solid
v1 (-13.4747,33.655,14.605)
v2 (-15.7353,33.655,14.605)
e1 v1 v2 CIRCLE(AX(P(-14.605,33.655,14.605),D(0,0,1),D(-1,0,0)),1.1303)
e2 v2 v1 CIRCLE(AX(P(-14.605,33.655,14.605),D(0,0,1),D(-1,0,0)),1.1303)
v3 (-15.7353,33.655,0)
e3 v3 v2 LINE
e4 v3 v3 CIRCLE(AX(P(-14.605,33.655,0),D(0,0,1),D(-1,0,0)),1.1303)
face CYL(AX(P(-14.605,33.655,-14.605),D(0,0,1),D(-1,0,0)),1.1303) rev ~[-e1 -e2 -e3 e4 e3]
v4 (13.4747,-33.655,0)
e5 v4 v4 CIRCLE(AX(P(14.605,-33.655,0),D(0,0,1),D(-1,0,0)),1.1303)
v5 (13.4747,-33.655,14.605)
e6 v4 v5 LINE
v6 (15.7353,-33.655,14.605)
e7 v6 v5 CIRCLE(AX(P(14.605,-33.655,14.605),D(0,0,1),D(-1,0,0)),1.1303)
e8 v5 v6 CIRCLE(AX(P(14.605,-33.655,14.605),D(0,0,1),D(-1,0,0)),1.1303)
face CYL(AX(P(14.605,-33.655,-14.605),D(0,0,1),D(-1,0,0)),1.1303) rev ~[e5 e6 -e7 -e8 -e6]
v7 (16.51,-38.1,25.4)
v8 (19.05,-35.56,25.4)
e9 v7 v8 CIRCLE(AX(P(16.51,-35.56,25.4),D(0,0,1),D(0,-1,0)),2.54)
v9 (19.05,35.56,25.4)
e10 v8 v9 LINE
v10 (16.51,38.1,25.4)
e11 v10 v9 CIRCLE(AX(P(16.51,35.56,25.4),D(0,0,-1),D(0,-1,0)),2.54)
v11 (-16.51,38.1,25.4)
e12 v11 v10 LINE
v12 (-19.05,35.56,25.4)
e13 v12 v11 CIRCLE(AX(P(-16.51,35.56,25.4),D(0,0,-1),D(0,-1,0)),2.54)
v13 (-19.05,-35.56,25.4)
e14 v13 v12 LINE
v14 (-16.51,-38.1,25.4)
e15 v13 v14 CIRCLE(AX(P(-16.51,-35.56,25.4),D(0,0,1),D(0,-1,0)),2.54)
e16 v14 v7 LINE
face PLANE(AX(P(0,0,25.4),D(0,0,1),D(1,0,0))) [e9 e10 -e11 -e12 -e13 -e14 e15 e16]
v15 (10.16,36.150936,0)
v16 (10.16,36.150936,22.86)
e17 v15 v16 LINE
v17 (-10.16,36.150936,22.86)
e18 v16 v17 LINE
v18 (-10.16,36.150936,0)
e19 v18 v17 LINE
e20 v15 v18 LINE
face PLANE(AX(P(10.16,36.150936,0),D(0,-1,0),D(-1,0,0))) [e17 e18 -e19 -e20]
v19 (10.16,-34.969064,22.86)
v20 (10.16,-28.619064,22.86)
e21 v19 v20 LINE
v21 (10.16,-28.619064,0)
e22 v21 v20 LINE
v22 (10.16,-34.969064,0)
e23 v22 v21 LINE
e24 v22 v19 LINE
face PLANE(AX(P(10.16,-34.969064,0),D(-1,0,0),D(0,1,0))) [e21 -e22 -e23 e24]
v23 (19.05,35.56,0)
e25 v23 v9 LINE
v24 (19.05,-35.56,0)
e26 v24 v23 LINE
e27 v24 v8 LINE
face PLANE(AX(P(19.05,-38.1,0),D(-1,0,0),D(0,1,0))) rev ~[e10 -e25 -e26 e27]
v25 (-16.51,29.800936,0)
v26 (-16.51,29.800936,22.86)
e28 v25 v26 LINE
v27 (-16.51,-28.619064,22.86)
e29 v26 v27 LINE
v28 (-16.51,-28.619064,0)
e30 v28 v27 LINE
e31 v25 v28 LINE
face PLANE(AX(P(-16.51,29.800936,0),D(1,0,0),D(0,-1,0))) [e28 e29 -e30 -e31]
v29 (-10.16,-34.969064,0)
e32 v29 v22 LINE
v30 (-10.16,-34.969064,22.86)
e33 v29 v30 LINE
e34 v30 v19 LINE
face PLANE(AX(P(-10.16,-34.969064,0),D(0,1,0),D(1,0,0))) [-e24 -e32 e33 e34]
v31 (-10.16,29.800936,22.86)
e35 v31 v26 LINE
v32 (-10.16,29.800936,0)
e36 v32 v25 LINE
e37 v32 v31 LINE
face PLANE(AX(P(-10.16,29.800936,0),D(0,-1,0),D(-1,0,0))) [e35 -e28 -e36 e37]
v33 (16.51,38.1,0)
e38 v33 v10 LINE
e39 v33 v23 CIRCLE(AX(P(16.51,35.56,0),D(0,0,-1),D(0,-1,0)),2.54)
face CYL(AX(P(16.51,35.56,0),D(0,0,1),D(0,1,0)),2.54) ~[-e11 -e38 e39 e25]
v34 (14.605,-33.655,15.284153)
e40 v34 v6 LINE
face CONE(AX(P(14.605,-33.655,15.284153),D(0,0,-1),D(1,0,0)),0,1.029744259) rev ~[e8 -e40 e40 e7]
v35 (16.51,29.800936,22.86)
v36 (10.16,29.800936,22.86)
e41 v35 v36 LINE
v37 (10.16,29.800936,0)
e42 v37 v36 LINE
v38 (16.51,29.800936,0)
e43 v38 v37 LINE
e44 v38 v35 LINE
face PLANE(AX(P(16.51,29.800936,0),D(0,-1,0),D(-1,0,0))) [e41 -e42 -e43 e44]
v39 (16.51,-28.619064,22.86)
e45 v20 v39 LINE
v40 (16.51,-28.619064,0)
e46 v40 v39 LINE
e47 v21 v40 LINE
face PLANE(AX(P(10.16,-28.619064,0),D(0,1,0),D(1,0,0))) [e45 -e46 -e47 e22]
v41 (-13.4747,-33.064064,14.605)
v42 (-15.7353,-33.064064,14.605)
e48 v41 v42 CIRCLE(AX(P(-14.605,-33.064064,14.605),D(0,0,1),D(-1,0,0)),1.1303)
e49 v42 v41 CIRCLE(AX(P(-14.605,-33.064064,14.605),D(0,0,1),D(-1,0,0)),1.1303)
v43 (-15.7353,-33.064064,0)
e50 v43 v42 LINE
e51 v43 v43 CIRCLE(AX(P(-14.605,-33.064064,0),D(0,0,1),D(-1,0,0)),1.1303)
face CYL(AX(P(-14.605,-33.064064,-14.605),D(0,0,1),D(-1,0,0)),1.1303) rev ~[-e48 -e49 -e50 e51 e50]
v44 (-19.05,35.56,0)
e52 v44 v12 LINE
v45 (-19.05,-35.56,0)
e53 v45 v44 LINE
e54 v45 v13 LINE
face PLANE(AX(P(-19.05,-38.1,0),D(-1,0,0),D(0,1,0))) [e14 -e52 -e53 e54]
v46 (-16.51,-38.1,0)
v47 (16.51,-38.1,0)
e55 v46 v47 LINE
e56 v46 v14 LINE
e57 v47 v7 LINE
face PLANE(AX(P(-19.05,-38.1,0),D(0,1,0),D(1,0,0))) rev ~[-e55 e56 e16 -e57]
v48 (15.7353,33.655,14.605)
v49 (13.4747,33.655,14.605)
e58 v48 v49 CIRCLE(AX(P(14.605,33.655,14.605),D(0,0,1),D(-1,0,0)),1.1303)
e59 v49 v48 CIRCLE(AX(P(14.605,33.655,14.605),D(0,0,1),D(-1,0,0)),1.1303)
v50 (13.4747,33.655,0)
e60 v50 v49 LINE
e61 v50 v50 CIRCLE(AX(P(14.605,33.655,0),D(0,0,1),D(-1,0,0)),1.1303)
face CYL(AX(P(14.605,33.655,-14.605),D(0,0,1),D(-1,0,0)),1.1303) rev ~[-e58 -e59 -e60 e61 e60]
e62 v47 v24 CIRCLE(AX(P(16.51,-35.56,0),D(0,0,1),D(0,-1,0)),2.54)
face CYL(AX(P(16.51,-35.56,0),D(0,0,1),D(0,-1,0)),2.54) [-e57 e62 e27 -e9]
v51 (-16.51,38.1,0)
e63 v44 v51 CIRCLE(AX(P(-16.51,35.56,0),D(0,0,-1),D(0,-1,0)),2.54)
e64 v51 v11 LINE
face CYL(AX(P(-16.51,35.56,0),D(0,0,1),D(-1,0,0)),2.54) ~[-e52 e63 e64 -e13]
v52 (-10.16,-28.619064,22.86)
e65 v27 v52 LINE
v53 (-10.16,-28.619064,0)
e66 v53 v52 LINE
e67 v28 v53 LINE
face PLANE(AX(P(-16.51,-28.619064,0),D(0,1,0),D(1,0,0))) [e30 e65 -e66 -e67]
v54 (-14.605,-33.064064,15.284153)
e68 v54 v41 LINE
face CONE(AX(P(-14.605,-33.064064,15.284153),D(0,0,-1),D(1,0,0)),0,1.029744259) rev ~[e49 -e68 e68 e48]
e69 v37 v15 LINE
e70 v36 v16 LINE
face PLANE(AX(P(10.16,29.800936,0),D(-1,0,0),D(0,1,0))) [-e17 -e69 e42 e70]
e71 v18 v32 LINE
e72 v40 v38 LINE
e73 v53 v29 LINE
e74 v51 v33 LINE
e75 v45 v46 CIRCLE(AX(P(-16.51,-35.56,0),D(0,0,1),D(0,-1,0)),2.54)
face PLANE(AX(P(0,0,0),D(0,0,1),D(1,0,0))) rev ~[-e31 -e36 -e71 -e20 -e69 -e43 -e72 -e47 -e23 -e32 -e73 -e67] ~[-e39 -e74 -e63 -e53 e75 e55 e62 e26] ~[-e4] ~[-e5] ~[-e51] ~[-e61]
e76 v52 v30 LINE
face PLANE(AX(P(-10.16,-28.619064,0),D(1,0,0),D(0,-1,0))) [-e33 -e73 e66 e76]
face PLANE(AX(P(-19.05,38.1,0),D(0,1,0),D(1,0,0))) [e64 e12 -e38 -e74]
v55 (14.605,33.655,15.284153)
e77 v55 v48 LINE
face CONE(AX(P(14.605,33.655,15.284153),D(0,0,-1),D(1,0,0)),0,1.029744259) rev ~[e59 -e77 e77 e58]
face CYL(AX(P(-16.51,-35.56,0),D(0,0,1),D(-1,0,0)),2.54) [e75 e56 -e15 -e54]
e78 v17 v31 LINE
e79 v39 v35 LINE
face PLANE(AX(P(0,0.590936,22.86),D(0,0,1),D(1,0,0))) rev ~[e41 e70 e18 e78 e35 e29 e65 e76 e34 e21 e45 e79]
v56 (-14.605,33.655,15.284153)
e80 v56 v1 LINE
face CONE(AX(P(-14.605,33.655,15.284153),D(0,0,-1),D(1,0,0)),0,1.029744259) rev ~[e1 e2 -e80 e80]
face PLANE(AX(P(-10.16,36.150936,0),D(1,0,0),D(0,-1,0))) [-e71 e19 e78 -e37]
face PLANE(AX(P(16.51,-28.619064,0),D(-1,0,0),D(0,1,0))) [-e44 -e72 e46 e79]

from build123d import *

# Parameters (mm, degrees)
F0_W     = 38.1
F0_H     = 76.2
F1_DEPTH = 25.4
F3_DEPTH = 22.86
F4_D     = 2.2606
F4_DEPTH = 14.605
F4_TIP   = 0.6791527577
F5_R     = 2.54


with BuildPart() as f1:
    # F0 (on Top) → F1 (new body)
    with BuildSketch(Plane.XY):
        Rectangle(F0_W, F0_H)
    extrude(amount=F1_DEPTH)

    # F2 (on Top) → F3 (cut)
    with BuildSketch(Plane.XY):
        Polygon((10.16, 36.1509363616), (-10.16, 36.1509363616), (-10.16, 29.8009363616), (-16.51, 29.8009363616), (-16.51, -28.6190636384), (-10.16, -28.6190636384), (-10.16, -34.9690636384), (10.16, -34.9690636384), (10.16, -28.6190636384), (16.51, -28.6190636384), (16.51, 29.8009363616), (10.16, 29.8009363616), align=None)
    extrude(amount=F3_DEPTH, mode=Mode.SUBTRACT)

    # F4
    with Locations(Plane(origin=(0, 0, 0), x_dir=(1, 0, 0), z_dir=(0, 0, -1))):
        with Locations((-14.605, -33.655), (14.605, -33.655), (14.605, 33.655), (-14.605, 33.0640636384)):
            Hole(F4_D / 2, depth=F4_DEPTH)
            with Locations((0, 0, -(F4_DEPTH + F4_TIP / 2))):  # 118° drill point
                Cone(0, F4_D / 2, F4_TIP, mode=Mode.SUBTRACT)

    # F5
    f5_edges = [f1.edges().sort_by_distance(p)[0] for p in [
        (19.05, -38.1, 12.7),
        (-19.05, -38.1, 12.7),
        (-19.05, 38.1, 12.7),
        (19.05, 38.1, 12.7),
    ]]
    fillet(f5_edges, radius=F5_R)


solid = f1.part
